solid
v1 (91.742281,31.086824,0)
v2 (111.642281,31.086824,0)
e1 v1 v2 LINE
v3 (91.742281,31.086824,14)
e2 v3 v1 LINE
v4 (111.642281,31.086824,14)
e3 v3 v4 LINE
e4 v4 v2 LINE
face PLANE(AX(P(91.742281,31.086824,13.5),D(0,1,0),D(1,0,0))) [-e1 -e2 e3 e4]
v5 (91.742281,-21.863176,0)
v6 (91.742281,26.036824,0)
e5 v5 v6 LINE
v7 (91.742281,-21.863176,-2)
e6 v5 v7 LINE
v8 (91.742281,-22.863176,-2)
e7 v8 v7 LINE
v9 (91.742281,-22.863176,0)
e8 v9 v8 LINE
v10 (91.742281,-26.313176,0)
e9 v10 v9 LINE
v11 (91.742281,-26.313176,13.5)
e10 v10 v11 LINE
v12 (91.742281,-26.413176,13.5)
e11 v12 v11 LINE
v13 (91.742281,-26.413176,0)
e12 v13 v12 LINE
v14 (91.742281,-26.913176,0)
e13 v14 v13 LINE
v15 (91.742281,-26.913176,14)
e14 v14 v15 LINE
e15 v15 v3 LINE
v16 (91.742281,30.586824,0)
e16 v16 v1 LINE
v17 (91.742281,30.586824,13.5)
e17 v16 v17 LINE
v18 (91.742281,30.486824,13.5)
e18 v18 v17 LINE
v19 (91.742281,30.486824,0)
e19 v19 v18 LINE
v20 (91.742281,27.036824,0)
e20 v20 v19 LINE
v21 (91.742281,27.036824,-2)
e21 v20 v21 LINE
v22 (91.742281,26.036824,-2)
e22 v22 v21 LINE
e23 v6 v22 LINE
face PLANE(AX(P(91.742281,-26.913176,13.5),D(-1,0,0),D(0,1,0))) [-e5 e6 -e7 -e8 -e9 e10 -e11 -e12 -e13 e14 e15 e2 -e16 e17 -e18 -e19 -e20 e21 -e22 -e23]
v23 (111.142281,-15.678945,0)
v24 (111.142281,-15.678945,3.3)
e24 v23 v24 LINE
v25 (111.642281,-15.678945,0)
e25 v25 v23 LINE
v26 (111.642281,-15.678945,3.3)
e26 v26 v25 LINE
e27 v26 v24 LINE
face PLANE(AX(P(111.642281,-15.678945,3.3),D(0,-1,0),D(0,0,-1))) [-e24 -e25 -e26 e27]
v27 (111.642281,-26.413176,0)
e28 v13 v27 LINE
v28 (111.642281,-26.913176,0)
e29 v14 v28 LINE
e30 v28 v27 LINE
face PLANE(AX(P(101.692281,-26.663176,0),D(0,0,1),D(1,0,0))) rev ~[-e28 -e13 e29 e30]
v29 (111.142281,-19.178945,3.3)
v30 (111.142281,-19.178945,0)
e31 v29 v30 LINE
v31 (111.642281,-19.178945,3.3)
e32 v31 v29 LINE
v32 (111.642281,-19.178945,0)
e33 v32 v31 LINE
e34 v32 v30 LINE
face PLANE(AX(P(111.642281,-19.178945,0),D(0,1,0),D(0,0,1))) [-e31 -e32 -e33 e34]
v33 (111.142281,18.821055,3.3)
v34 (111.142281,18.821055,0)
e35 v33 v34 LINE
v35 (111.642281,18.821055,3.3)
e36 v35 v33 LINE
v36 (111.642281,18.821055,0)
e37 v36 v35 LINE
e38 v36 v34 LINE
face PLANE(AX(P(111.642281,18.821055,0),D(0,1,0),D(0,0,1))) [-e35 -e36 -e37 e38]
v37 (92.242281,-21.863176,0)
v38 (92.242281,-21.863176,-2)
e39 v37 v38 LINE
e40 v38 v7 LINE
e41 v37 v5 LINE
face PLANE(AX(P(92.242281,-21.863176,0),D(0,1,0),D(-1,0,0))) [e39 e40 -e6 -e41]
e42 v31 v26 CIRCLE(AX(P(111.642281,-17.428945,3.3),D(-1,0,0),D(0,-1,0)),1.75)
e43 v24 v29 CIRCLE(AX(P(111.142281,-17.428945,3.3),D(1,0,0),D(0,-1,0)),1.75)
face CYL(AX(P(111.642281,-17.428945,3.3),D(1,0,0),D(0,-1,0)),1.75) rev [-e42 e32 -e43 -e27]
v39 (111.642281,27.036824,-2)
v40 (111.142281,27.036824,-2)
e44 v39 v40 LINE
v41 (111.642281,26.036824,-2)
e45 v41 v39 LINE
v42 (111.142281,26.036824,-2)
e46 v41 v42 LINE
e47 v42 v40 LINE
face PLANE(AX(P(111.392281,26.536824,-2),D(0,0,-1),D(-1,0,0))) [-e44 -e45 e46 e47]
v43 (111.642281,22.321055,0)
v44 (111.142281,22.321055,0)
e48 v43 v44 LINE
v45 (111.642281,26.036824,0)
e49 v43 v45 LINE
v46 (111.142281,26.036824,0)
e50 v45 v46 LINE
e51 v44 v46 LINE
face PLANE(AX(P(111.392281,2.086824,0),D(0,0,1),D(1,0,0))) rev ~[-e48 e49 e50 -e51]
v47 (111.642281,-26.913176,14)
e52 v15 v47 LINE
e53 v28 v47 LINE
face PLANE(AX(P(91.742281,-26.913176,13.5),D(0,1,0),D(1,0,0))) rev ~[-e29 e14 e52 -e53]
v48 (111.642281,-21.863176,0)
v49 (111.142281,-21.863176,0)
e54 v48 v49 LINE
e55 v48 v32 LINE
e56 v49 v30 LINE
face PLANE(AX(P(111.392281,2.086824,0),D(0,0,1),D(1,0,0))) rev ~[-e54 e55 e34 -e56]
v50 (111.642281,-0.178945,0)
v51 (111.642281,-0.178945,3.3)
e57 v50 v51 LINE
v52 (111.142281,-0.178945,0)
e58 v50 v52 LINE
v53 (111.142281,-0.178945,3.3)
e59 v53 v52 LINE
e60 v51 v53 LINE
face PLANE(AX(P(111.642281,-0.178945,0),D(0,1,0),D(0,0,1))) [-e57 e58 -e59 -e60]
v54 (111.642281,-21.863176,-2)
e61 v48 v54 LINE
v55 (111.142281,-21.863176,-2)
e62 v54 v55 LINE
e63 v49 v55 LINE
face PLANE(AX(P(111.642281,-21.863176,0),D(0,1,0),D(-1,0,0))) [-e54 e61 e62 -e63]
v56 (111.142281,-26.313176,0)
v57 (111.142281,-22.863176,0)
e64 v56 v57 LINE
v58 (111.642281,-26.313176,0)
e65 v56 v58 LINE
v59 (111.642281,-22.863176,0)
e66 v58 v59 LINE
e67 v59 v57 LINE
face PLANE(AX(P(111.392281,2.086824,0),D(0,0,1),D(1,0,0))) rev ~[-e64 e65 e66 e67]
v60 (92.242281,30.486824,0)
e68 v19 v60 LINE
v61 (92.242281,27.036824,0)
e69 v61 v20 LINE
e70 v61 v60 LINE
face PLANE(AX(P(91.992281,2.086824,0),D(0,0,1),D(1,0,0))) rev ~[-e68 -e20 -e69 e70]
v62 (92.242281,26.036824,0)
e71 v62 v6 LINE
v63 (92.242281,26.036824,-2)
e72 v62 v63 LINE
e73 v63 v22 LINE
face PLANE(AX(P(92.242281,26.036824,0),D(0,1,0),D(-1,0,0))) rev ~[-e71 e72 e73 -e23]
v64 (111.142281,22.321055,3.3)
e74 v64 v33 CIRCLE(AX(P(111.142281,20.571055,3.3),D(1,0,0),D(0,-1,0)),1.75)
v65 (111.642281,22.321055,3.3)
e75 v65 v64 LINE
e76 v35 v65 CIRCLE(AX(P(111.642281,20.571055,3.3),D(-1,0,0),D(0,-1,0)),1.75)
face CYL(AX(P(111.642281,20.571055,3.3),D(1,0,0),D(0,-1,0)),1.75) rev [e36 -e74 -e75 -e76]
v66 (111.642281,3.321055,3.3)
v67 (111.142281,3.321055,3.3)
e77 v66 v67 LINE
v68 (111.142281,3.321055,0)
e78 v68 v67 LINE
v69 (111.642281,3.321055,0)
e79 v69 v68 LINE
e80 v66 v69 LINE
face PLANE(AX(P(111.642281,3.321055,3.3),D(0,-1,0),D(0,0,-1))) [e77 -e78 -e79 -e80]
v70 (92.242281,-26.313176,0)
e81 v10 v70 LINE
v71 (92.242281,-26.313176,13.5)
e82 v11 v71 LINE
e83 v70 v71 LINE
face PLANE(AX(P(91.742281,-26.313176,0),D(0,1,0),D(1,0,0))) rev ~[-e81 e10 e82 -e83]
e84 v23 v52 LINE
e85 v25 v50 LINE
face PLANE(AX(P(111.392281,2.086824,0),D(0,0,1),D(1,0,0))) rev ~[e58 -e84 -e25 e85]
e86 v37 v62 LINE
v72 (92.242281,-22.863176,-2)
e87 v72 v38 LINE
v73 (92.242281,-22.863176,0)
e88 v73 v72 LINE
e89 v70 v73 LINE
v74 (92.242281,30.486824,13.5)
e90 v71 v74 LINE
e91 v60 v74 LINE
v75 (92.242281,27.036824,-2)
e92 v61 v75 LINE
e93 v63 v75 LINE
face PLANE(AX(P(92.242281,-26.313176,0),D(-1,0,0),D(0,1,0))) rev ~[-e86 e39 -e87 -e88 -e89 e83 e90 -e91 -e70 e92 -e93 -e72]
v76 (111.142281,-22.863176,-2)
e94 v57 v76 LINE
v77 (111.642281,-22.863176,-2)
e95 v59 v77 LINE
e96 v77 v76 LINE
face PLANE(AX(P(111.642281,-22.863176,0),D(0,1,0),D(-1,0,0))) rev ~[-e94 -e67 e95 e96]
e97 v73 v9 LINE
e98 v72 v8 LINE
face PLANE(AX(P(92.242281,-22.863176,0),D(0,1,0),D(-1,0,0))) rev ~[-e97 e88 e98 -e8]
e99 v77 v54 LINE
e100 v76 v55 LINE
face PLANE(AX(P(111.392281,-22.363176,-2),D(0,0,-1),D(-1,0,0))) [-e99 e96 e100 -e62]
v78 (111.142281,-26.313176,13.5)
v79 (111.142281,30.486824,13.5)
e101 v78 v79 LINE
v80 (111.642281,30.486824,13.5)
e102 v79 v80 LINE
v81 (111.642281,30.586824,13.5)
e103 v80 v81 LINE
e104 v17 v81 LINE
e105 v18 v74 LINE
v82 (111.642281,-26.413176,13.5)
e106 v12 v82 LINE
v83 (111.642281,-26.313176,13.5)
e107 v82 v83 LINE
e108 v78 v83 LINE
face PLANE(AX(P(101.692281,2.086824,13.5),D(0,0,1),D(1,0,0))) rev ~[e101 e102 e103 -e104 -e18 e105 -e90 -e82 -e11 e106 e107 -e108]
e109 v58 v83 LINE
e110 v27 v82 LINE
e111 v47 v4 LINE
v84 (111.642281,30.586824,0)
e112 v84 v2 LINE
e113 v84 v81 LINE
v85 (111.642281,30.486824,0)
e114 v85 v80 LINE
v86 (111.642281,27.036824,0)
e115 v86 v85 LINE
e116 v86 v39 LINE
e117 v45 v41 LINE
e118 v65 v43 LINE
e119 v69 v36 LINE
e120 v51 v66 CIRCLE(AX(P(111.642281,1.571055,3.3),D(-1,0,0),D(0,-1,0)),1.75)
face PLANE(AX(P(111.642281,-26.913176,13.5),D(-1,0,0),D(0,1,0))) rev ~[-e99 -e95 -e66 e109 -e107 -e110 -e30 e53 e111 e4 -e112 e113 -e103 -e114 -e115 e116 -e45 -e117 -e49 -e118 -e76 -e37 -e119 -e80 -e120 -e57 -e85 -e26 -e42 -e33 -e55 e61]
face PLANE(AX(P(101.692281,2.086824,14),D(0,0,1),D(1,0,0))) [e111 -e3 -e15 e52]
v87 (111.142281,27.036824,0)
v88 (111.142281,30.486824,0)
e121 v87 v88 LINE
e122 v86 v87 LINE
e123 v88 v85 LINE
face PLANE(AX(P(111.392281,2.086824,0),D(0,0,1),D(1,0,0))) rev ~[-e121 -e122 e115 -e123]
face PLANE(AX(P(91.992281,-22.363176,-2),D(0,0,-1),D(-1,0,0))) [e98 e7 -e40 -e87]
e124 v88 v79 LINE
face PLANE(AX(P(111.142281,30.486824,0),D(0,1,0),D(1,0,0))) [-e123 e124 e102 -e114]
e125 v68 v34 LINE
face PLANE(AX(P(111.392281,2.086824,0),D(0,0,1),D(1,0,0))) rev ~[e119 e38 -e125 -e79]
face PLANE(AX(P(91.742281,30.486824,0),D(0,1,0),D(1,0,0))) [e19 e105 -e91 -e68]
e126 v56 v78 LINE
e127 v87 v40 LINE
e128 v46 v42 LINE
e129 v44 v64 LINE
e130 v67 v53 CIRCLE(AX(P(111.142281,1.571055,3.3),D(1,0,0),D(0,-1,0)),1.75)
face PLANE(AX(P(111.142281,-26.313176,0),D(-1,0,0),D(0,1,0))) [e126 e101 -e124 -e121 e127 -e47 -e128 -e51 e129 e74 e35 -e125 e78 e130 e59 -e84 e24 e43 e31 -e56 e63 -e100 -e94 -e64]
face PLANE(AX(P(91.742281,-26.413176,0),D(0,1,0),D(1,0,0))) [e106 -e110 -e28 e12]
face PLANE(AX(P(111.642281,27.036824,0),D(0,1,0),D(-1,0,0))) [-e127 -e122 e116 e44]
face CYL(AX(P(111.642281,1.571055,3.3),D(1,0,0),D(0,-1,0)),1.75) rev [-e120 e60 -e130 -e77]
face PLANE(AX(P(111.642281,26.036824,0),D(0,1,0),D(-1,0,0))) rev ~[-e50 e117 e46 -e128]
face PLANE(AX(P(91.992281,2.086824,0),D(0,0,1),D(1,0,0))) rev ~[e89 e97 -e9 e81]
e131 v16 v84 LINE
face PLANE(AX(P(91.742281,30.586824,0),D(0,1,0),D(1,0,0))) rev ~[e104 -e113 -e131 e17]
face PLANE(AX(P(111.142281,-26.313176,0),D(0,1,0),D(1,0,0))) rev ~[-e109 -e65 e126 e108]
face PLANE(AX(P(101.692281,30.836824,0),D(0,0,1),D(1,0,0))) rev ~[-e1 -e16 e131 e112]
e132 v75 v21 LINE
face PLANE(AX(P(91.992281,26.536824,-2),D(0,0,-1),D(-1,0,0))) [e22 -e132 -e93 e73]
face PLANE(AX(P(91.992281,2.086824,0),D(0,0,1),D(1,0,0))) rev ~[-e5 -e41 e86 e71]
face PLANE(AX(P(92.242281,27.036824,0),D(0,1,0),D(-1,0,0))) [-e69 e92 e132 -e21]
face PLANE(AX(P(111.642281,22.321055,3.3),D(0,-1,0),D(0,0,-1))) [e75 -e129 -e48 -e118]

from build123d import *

# Parameters (mm, degrees)
ESQUISSE1_W             = 0.5
ESQUISSE1_H             = 56.8
EXTRUSION1_DEPTH        = 13.5
EXTRUSION1_2_DEPTH      = 13.5
ESQUISSE1_W_2           = 19.9
ESQUISSE1_H_2           = 0.5
EXTRUSION1_3_DEPTH      = 13.5
EXTRUSION1_4_DEPTH      = 13.5
ESQUISSE2_W             = 19.9
ESQUISSE2_H             = 58
EXTRUSION2_DEPTH        = 0.5
ENL_V_MAT_EXTRU_1_DEPTH = 10.5
ESQUISSE4_W             = 0.5
ESQUISSE4_H             = 1
EXTRUSION3_DEPTH        = 2


with BuildPart() as part:
    # Esquisse1 → Extrusion1 (new body)
    with BuildSketch(Plane.XY):
        with Locations((91.99228109, 2.086823856)):
            Rectangle(ESQUISSE1_W, ESQUISSE1_H)
    extrude(amount=EXTRUSION1_DEPTH)



with BuildPart() as body_2:
    # Esquisse1 → Extrusion1 2 (new body)
    with BuildSketch(Plane.XY):
        with Locations((111.39228109, 2.086823856)):
            Rectangle(ESQUISSE1_W, ESQUISSE1_H)
    extrude(amount=EXTRUSION1_2_DEPTH)


with BuildPart() as body_3:
    # Esquisse1 → Extrusion1 3 (new body)
    with BuildSketch(Plane.XY):
        with Locations((101.69228109, 30.836823856)):
            Rectangle(ESQUISSE1_W_2, ESQUISSE1_H_2)
    extrude(amount=EXTRUSION1_3_DEPTH)


with BuildPart() as body_4:
    # Esquisse1 → Extrusion1 4 (new body)
    with BuildSketch(Plane.XY):
        with Locations((101.69228109, -26.663176144)):
            Rectangle(ESQUISSE1_W_2, ESQUISSE1_H_2)
    extrude(amount=EXTRUSION1_4_DEPTH)


with BuildPart() as part_1:
    add(part.part)

    add(body_2.part)  # Extrusion2 merges body 2

    add(body_3.part)  # Extrusion2 merges body 3

    add(body_4.part)  # Extrusion2 merges body 4
    # Esquisse2 → Extrusion2 (add)
    with BuildSketch(Plane.XY.offset(13.5)):
        with Locations((101.69228109, 2.086823856)):
            Rectangle(ESQUISSE2_W, ESQUISSE2_H)
    extrude(amount=EXTRUSION2_DEPTH)

    # Esquisse3 → Enlèv. mat.-Extru.1 (cut)
    with BuildSketch(Plane(origin=(111.64228109, 0, 0), x_dir=(0, 0, -1), z_dir=(1, 0, 0))):
        with BuildLine():
            Line((0, 22.321054975), (0, 18.821054975))
            Line((0, 18.821054975), (-3.3, 18.821054975))
            ThreePointArc((-3.3, 18.821054975), (-5.05, 20.571054975), (-3.3, 22.321054975))
            Line((-3.3, 22.321054975), (0, 22.321054975))
        make_face()
        with BuildLine():
            Line((0, 3.321054975), (0, -0.178945025))
            Line((0, -0.178945025), (-3.3, -0.178945025))
            ThreePointArc((-3.3, -0.178945025), (-5.05, 1.571054975), (-3.3, 3.321054975))
            Line((-3.3, 3.321054975), (0, 3.321054975))
        make_face()
        with BuildLine():
            Line((0, -15.678945025), (0, -19.178945025))
            Line((0, -19.178945025), (-3.3, -19.178945025))
            ThreePointArc((-3.3, -19.178945025), (-5.05, -17.428945025), (-3.3, -15.678945025))
            Line((-3.3, -15.678945025), (0, -15.678945025))
        make_face()
    extrude(amount=-ENL_V_MAT_EXTRU_1_DEPTH, mode=Mode.SUBTRACT)

    # Esquisse4 → Extrusion3 (add)
    with BuildSketch(Plane(origin=(0, 0, 0), x_dir=(-1, 0, 0), z_dir=(0, 0, -1))):
        with Locations((-111.39228109, 26.536823856)):
            Rectangle(ESQUISSE4_W, ESQUISSE4_H)
        with Locations((-91.99228109, 26.536823856)):
            Rectangle(ESQUISSE4_W, ESQUISSE4_H)
        with Locations((-111.39228109, -22.363176144)):
            Rectangle(ESQUISSE4_W, ESQUISSE4_H)
        with Locations((-91.99228109, -22.363176144)):
            Rectangle(ESQUISSE4_W, ESQUISSE4_H)
    extrude(amount=EXTRUSION3_DEPTH)


solid = part_1.part
